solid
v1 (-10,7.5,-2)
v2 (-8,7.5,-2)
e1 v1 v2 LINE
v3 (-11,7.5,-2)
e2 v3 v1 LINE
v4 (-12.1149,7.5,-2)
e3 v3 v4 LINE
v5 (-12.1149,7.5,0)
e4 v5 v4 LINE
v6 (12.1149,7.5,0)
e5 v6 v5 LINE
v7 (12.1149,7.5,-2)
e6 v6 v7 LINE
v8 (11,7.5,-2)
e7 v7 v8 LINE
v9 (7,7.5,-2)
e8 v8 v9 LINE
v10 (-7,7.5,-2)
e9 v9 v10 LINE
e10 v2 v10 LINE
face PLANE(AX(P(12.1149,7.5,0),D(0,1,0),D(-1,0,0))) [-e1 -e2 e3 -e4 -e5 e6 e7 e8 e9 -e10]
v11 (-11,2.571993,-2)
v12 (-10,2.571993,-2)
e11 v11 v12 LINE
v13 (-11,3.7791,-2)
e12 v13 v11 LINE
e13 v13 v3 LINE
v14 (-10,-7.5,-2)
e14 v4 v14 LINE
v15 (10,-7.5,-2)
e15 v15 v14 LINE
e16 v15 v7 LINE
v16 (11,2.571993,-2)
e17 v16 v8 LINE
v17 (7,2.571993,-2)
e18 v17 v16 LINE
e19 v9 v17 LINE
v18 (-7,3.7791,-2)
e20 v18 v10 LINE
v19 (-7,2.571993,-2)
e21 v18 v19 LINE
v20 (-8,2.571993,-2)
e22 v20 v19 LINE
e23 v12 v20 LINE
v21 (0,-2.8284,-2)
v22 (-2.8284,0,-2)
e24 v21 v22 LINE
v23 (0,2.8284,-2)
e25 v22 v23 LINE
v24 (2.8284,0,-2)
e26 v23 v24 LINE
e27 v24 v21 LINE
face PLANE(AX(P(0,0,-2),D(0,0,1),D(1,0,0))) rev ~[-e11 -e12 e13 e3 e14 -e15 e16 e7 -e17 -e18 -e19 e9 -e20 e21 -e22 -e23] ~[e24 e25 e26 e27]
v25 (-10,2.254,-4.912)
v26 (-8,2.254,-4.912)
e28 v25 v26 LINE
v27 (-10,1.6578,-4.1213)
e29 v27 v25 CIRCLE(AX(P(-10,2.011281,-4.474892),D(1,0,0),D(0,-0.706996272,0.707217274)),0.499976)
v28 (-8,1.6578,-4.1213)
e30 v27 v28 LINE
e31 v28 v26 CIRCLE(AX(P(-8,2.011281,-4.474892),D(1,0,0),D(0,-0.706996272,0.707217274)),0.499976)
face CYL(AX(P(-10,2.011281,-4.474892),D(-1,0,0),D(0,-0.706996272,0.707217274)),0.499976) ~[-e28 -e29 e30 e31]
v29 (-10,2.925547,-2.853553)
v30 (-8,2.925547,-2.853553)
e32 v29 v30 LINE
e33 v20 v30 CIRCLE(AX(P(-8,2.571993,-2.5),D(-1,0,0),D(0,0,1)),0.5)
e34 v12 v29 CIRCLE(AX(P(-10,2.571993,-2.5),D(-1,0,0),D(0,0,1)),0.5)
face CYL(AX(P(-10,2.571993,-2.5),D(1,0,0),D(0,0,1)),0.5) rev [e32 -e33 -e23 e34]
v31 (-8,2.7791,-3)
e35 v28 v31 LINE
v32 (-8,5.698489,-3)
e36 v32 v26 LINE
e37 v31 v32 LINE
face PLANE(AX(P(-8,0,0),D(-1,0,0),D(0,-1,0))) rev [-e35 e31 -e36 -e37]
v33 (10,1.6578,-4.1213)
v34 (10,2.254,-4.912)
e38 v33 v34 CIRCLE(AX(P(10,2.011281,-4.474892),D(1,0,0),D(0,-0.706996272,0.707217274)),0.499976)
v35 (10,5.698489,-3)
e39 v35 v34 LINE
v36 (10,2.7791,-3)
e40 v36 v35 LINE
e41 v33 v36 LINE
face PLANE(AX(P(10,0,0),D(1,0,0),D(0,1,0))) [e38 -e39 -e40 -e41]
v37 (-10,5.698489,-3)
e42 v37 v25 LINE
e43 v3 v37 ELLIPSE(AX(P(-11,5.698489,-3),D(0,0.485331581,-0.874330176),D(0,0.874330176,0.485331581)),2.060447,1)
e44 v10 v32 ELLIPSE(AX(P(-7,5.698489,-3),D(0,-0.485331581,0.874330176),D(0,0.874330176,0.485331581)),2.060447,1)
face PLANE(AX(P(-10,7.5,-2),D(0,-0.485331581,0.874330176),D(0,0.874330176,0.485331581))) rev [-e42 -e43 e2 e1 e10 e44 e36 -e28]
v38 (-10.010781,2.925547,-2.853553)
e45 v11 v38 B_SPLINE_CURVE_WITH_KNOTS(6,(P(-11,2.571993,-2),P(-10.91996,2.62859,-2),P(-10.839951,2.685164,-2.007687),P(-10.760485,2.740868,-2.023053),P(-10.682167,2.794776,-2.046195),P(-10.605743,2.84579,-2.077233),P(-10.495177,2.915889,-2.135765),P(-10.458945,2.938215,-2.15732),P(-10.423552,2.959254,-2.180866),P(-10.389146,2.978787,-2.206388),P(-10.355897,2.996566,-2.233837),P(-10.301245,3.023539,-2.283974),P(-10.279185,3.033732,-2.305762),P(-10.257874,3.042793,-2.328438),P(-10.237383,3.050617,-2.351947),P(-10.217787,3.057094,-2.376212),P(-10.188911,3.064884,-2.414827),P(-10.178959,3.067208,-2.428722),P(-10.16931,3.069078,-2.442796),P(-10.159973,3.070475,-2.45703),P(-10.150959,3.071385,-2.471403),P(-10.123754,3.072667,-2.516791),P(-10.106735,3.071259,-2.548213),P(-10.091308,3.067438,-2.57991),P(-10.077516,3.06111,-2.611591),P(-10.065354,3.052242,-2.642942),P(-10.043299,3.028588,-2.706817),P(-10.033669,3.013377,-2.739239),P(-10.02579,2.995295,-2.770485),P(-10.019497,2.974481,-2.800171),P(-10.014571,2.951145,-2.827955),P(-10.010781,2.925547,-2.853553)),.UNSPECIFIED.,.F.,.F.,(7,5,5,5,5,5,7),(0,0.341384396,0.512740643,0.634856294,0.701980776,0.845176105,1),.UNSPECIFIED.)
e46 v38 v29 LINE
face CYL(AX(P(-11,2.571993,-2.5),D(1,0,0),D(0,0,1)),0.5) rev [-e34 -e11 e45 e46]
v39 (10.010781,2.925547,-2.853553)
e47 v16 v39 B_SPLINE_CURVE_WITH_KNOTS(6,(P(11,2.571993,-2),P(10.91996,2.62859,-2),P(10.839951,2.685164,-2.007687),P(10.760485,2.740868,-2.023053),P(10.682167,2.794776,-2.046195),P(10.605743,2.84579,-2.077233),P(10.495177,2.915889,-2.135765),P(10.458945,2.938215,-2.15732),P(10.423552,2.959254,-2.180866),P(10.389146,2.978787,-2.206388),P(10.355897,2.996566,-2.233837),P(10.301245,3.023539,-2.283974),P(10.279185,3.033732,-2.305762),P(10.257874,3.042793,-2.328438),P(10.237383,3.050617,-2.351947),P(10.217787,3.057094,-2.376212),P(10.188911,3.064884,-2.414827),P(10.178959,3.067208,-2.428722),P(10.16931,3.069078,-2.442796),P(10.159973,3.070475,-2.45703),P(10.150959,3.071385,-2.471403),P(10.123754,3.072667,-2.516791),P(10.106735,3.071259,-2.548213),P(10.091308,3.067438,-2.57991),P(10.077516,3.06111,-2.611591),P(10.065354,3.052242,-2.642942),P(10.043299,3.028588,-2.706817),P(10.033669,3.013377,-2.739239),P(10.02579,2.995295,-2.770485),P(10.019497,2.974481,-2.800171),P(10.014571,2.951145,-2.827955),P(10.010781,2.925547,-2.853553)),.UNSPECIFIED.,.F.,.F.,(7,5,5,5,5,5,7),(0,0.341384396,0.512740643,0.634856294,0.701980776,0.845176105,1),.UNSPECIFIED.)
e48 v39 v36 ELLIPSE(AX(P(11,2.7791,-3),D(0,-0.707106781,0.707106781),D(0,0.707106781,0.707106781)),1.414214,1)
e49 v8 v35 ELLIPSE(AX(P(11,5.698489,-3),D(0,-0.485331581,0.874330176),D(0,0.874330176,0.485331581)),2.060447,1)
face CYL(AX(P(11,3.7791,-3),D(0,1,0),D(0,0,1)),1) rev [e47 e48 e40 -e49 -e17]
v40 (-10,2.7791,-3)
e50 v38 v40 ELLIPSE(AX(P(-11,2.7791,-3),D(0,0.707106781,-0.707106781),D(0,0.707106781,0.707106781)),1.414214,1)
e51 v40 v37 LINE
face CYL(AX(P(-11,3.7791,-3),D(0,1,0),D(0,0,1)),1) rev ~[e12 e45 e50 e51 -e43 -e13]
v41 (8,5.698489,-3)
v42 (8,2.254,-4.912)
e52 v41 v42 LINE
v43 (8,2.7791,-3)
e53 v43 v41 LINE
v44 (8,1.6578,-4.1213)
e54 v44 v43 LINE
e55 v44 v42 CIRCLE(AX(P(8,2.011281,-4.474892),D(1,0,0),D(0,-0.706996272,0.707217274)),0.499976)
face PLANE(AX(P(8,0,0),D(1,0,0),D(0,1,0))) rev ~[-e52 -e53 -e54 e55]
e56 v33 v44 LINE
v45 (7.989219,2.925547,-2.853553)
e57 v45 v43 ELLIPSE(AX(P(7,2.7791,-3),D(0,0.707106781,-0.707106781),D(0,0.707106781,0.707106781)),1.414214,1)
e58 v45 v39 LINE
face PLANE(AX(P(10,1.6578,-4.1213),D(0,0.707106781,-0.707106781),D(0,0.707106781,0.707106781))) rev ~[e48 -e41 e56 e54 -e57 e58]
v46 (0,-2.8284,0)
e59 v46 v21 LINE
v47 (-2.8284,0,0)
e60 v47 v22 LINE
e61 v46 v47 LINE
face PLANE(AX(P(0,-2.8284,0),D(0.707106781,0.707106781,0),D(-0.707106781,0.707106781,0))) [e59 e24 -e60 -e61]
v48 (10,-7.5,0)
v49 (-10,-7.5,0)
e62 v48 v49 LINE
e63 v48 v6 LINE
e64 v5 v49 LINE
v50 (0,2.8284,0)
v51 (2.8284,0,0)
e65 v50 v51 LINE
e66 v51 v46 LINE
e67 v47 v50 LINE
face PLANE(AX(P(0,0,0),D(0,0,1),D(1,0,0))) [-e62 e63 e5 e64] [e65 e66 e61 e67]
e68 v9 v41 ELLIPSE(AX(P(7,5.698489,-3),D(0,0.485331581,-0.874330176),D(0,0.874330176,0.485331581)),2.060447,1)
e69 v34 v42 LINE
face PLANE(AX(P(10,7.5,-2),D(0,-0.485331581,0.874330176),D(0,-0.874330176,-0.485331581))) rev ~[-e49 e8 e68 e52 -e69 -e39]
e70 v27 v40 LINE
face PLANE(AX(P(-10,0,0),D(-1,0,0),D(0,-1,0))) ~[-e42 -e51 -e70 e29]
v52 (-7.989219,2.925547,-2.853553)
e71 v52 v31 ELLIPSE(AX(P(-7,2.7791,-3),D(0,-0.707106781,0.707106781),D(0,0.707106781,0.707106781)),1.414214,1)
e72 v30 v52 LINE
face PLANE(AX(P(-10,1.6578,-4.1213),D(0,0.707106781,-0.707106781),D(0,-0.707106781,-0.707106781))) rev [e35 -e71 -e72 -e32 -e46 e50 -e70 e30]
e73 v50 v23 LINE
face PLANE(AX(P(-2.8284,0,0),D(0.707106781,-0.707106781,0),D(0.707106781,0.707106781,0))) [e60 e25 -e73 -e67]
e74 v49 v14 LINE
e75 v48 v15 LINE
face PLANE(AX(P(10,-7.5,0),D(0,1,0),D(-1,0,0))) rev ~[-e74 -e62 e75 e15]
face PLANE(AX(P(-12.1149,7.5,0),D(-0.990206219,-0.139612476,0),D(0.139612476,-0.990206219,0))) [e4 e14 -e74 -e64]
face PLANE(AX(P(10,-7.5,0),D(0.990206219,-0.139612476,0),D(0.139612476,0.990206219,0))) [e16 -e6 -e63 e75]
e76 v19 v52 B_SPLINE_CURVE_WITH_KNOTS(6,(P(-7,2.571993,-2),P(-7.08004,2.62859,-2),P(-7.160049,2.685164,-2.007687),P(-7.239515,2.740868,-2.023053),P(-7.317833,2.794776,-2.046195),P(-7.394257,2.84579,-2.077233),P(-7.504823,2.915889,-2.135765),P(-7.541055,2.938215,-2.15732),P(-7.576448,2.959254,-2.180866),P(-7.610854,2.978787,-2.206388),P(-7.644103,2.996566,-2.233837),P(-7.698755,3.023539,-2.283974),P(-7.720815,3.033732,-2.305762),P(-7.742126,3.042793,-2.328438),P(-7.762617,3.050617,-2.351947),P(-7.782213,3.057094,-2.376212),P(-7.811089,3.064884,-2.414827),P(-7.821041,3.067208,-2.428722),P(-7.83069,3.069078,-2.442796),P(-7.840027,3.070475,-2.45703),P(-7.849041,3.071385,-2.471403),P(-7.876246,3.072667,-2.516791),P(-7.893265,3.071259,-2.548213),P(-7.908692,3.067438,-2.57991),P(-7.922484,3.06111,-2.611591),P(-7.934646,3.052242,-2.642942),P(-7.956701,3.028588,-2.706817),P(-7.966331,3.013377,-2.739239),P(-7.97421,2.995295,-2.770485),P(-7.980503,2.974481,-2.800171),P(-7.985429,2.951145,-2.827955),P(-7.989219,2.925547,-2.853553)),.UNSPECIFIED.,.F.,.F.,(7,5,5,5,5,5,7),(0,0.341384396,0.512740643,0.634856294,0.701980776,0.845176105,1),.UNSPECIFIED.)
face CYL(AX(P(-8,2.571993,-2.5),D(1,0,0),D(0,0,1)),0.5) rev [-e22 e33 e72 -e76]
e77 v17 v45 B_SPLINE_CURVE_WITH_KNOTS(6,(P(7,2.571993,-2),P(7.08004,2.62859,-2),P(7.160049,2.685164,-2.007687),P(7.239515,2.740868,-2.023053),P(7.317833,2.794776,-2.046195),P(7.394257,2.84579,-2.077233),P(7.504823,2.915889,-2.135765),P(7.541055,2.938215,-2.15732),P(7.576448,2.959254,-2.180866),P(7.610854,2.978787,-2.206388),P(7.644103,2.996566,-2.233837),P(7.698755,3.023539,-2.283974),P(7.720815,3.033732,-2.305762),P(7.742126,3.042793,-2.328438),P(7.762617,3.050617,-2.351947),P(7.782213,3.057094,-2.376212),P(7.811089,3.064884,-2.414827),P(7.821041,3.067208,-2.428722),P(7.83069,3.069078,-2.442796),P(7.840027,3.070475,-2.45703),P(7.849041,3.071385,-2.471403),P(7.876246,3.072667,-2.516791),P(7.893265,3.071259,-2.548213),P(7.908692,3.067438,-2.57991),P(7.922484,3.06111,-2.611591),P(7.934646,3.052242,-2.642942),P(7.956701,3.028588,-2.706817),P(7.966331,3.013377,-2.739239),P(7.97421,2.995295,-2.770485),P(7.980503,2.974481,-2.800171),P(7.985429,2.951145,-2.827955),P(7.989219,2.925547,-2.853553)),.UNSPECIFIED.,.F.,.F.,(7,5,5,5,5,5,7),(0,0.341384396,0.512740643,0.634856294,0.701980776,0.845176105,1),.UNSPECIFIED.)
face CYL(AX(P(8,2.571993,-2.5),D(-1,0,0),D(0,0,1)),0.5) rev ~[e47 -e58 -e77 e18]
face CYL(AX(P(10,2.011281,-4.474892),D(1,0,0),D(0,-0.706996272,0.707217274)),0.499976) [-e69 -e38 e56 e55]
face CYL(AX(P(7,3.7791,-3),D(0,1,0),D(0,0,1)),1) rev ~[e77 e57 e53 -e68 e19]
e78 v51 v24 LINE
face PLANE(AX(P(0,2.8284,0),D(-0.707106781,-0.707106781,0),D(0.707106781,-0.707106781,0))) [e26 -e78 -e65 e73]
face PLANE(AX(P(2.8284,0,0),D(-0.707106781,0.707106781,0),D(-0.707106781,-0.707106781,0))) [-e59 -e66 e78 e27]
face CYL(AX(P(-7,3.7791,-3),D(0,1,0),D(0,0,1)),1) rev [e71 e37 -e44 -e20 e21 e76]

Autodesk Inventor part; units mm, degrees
ref_plane "XZ Plane" through (0, 0, 0) normal (0, 1, 0) x (-1, 0, 0)
ref_plane "XY Plane" through (0, 0, 0) normal (0, 0, 1) x (1, 0, 0)
sketch "スケッチ1" plane through (0, 0, 0) normal (0, 0, 1) x (1, 0, 0)
  line L0 (2.8284, 0) -> (0, -2.8284)
  line L1 (0, -2.8284) -> (-2.8284, 0)
  line L2 (-2.8284, 0) -> (0, 2.8284)
  line L3 (0, 2.8284) -> (2.8284, 0)
  line L4 (-12.1149, 7.5) -> (-10, -7.5)
  line L5 (10, -7.5) -> (-10, -7.5)
  line L6 (10, -7.5) -> (12.1149, 7.5)
  line L7 (12.1149, 7.5) -> (-12.1149, 7.5)
  point P0 (0, 0)
  point P1 (0, 7.5)
  point P2 (11.0574, 0)
  dimension "d10" = 24.2298
  dimension "d11" = 20
  dimension "d12" = 15
  dimension "d13" = 4
extrude "押し出し1" add sketch "スケッチ1" against normal blind 2
ref_plane "作業平面1" through (10, 0, 0) normal (1, 0, 0) x (0, 1, 0)
sketch "スケッチ3" plane through (10, 0, 0) normal (1, 0, 0) x (0, 1, 0)
  line L0 (7.5, 0) -> (-7.5, 0) projected
  line L1 (7.5, 0) -> (7.5, -2) projected
  line L2 (-7.5, -2) -> (7.5, -2) projected
  line L3 (-7.5, 0) -> (-7.5, -2) projected
  line L4 (7.5, -2) -> (2.254, -4.912)
  line L5 (1.6578, -4.1213) -> (3.7791, -2)
  arc A0 (1.6578, -4.1213) -> (2.254, -4.912) centre (2.0114, -4.4749) ccw
  point P0 (0, 0)
  dimension "d17" = 0.5
  dimension "d18" = 45
  dimension "d19" = 6
  dimension "d25" = 3
extrude "押し出し3" add sketch "スケッチ3" against normal blind 2 contours L4 A0 L5 L2
fillet "フィレット1" radius 1 2 edges at (10, 5.6396, -2) (8, 5.6396, -2)
fillet "フィレット2" radius 0.5 2 edges at (7.5, 3.7791, -2) (10.5, 3.7791, -2)
mirror "ミラー2" about plane through (0, 0, 0) normal (1, 0, 0) of "押し出し3", "フィレット1", "フィレット2"
properties part number "om_BackHolder_V4"
